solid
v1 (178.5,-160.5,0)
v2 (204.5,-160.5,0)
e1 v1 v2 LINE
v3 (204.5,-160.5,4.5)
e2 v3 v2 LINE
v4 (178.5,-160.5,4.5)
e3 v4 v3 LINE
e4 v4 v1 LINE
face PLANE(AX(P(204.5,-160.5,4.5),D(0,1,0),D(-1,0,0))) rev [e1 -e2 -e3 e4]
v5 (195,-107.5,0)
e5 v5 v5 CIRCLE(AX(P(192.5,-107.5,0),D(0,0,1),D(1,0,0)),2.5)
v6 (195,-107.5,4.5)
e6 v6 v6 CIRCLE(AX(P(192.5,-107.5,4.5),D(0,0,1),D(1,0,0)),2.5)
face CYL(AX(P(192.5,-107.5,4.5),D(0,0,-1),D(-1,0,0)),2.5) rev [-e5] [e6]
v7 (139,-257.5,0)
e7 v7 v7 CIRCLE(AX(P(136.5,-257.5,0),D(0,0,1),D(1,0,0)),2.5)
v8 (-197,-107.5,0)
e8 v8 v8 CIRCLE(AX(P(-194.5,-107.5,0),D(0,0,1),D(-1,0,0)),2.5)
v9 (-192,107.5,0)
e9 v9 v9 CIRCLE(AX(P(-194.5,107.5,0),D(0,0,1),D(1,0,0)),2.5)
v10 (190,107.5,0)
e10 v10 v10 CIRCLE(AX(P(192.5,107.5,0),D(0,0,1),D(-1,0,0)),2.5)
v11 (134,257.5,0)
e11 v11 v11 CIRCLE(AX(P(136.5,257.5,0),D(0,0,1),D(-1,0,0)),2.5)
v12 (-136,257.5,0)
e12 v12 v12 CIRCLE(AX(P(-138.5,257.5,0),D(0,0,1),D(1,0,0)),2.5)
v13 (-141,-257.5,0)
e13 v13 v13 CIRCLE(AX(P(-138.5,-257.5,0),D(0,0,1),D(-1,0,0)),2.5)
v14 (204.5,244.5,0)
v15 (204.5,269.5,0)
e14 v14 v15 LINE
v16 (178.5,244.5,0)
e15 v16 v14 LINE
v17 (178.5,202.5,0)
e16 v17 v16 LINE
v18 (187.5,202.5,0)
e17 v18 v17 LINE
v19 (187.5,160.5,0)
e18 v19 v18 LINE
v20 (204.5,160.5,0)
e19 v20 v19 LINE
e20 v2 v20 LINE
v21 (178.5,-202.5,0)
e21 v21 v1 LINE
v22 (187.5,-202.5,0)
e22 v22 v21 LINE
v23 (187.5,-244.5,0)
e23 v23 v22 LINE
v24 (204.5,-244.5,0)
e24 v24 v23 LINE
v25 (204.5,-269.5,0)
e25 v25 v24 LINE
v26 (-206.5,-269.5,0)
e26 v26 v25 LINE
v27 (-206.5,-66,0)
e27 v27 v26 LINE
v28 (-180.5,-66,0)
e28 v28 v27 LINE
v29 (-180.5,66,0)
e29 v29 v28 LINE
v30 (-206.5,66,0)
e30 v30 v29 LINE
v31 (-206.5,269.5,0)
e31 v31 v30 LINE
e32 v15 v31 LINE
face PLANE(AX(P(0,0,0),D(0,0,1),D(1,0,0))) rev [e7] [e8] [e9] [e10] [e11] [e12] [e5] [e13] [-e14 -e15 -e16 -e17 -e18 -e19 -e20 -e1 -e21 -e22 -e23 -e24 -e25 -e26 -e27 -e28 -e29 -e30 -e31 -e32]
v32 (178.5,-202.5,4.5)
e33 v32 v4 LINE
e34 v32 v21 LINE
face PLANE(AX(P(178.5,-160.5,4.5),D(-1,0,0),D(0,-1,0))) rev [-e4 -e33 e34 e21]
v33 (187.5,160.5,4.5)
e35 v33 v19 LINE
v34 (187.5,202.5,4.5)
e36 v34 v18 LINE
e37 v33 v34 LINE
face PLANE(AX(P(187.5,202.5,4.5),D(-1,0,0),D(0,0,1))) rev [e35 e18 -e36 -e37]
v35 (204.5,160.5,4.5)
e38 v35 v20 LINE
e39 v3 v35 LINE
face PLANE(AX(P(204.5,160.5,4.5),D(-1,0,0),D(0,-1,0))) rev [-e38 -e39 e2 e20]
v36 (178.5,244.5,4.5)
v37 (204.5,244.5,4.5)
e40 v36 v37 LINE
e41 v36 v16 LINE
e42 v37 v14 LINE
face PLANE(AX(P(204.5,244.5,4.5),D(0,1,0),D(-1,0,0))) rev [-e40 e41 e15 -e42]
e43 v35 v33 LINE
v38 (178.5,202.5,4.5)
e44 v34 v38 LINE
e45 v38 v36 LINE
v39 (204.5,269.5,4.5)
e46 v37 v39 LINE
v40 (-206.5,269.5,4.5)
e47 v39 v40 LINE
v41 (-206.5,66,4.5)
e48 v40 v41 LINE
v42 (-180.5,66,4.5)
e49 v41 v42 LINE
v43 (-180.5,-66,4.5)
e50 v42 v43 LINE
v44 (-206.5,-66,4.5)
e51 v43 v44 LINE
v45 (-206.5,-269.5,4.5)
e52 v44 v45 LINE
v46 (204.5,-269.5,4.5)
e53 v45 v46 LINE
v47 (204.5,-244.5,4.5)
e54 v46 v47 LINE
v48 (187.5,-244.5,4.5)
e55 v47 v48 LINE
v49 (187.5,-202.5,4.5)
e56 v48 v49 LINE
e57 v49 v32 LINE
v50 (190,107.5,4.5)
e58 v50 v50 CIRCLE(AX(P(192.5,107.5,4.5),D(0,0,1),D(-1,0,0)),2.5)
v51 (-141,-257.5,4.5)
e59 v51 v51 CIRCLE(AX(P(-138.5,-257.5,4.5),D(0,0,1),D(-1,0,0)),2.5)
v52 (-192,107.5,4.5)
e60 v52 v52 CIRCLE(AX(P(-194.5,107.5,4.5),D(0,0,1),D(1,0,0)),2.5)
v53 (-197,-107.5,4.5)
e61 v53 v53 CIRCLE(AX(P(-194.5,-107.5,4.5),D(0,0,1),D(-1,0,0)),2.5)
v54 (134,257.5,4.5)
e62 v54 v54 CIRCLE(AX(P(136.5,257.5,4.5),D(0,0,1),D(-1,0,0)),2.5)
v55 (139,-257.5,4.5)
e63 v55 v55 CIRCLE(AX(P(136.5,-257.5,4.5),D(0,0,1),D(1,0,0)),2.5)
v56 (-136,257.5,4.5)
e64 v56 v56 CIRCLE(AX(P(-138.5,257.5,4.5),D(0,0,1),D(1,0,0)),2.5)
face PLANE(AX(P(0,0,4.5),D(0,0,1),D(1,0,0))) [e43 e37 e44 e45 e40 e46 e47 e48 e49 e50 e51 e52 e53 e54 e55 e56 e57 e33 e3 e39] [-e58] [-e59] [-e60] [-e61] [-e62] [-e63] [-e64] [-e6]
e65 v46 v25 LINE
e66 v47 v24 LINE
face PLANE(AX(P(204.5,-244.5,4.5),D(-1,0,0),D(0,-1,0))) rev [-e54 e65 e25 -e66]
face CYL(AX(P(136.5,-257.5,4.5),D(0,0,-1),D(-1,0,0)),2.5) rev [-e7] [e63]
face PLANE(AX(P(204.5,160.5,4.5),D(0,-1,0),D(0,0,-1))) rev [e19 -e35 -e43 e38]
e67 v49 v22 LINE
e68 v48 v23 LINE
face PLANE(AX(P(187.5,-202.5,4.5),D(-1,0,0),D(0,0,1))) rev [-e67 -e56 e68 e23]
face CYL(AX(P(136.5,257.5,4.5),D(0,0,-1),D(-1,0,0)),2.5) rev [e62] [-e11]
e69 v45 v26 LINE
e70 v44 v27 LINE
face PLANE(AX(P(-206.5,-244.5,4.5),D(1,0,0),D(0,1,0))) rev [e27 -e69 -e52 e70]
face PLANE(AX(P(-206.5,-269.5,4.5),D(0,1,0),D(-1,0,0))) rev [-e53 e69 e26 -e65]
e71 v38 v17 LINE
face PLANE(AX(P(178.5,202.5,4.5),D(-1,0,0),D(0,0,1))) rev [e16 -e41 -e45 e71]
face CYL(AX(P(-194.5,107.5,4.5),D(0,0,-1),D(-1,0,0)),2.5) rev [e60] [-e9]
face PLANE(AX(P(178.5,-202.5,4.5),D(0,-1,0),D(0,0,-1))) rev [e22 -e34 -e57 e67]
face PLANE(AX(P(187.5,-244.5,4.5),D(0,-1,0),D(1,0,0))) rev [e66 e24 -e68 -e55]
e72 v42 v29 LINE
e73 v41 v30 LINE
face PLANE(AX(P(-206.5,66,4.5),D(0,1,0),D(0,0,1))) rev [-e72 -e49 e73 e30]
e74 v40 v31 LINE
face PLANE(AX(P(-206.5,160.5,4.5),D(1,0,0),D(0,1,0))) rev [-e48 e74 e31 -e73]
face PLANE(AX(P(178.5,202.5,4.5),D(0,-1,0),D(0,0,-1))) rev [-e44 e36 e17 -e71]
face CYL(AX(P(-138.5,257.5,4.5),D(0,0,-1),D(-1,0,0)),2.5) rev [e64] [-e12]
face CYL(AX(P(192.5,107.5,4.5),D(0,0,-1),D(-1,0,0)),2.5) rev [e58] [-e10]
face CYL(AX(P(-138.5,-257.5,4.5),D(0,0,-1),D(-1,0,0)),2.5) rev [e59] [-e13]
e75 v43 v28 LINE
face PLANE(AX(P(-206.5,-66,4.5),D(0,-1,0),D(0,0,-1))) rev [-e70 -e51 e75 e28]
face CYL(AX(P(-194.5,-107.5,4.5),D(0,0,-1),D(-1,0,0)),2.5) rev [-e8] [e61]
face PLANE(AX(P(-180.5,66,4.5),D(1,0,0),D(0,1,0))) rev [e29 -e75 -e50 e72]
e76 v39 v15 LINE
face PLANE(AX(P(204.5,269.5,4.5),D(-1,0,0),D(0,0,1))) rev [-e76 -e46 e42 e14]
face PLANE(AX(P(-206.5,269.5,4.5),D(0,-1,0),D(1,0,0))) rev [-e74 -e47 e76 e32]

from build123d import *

# Parameters (mm, degrees)
SKETCH1_R           = 2.5
BOSS_EXTRUDE1_DEPTH = 4.5


with BuildPart() as part:
    # Sketch1 → Boss-Extrude1 (new body)
    with BuildSketch(Plane.XY):
        Polygon((-206.5, 269.5), (204.5, 269.5), (204.5, 244.5), (178.5, 244.5), (178.5, 202.5), (187.5, 202.5), (187.5, 160.5), (204.5, 160.5), (204.5, -160.5), (178.5, -160.5), (178.5, -202.5), (187.5, -202.5), (187.5, -244.5), (204.5, -244.5), (204.5, -269.5), (-206.5, -269.5), (-206.5, -244.5), (-206.5, -160.5), (-206.5, -66), (-180.5, -66), (-180.5, 66), (-206.5, 66), (-206.5, 160.5), (-206.5, 244.5), align=None)
        with Locations((136.5, -257.5)):
            Circle(SKETCH1_R, mode=Mode.SUBTRACT)
        with Locations(Location((-138.5, -257.5, 0), (0, 0, 180))):
            Circle(SKETCH1_R, mode=Mode.SUBTRACT)
        with Locations((-138.5, 257.5)):
            Circle(SKETCH1_R, mode=Mode.SUBTRACT)
        with Locations(Location((136.5, 257.5, 0), (0, 0, 180))):
            Circle(SKETCH1_R, mode=Mode.SUBTRACT)
        with Locations((-194.5, 107.5)):
            Circle(SKETCH1_R, mode=Mode.SUBTRACT)
        with Locations(Location((-194.5, -107.5, 0), (0, 0, 180))):
            Circle(SKETCH1_R, mode=Mode.SUBTRACT)
        with Locations(Location((192.5, 107.5, 0), (0, 0, 180))):
            Circle(SKETCH1_R, mode=Mode.SUBTRACT)
        with Locations((192.5, -107.5)):
            Circle(SKETCH1_R, mode=Mode.SUBTRACT)
    extrude(amount=BOSS_EXTRUDE1_DEPTH)


solid = part.part
